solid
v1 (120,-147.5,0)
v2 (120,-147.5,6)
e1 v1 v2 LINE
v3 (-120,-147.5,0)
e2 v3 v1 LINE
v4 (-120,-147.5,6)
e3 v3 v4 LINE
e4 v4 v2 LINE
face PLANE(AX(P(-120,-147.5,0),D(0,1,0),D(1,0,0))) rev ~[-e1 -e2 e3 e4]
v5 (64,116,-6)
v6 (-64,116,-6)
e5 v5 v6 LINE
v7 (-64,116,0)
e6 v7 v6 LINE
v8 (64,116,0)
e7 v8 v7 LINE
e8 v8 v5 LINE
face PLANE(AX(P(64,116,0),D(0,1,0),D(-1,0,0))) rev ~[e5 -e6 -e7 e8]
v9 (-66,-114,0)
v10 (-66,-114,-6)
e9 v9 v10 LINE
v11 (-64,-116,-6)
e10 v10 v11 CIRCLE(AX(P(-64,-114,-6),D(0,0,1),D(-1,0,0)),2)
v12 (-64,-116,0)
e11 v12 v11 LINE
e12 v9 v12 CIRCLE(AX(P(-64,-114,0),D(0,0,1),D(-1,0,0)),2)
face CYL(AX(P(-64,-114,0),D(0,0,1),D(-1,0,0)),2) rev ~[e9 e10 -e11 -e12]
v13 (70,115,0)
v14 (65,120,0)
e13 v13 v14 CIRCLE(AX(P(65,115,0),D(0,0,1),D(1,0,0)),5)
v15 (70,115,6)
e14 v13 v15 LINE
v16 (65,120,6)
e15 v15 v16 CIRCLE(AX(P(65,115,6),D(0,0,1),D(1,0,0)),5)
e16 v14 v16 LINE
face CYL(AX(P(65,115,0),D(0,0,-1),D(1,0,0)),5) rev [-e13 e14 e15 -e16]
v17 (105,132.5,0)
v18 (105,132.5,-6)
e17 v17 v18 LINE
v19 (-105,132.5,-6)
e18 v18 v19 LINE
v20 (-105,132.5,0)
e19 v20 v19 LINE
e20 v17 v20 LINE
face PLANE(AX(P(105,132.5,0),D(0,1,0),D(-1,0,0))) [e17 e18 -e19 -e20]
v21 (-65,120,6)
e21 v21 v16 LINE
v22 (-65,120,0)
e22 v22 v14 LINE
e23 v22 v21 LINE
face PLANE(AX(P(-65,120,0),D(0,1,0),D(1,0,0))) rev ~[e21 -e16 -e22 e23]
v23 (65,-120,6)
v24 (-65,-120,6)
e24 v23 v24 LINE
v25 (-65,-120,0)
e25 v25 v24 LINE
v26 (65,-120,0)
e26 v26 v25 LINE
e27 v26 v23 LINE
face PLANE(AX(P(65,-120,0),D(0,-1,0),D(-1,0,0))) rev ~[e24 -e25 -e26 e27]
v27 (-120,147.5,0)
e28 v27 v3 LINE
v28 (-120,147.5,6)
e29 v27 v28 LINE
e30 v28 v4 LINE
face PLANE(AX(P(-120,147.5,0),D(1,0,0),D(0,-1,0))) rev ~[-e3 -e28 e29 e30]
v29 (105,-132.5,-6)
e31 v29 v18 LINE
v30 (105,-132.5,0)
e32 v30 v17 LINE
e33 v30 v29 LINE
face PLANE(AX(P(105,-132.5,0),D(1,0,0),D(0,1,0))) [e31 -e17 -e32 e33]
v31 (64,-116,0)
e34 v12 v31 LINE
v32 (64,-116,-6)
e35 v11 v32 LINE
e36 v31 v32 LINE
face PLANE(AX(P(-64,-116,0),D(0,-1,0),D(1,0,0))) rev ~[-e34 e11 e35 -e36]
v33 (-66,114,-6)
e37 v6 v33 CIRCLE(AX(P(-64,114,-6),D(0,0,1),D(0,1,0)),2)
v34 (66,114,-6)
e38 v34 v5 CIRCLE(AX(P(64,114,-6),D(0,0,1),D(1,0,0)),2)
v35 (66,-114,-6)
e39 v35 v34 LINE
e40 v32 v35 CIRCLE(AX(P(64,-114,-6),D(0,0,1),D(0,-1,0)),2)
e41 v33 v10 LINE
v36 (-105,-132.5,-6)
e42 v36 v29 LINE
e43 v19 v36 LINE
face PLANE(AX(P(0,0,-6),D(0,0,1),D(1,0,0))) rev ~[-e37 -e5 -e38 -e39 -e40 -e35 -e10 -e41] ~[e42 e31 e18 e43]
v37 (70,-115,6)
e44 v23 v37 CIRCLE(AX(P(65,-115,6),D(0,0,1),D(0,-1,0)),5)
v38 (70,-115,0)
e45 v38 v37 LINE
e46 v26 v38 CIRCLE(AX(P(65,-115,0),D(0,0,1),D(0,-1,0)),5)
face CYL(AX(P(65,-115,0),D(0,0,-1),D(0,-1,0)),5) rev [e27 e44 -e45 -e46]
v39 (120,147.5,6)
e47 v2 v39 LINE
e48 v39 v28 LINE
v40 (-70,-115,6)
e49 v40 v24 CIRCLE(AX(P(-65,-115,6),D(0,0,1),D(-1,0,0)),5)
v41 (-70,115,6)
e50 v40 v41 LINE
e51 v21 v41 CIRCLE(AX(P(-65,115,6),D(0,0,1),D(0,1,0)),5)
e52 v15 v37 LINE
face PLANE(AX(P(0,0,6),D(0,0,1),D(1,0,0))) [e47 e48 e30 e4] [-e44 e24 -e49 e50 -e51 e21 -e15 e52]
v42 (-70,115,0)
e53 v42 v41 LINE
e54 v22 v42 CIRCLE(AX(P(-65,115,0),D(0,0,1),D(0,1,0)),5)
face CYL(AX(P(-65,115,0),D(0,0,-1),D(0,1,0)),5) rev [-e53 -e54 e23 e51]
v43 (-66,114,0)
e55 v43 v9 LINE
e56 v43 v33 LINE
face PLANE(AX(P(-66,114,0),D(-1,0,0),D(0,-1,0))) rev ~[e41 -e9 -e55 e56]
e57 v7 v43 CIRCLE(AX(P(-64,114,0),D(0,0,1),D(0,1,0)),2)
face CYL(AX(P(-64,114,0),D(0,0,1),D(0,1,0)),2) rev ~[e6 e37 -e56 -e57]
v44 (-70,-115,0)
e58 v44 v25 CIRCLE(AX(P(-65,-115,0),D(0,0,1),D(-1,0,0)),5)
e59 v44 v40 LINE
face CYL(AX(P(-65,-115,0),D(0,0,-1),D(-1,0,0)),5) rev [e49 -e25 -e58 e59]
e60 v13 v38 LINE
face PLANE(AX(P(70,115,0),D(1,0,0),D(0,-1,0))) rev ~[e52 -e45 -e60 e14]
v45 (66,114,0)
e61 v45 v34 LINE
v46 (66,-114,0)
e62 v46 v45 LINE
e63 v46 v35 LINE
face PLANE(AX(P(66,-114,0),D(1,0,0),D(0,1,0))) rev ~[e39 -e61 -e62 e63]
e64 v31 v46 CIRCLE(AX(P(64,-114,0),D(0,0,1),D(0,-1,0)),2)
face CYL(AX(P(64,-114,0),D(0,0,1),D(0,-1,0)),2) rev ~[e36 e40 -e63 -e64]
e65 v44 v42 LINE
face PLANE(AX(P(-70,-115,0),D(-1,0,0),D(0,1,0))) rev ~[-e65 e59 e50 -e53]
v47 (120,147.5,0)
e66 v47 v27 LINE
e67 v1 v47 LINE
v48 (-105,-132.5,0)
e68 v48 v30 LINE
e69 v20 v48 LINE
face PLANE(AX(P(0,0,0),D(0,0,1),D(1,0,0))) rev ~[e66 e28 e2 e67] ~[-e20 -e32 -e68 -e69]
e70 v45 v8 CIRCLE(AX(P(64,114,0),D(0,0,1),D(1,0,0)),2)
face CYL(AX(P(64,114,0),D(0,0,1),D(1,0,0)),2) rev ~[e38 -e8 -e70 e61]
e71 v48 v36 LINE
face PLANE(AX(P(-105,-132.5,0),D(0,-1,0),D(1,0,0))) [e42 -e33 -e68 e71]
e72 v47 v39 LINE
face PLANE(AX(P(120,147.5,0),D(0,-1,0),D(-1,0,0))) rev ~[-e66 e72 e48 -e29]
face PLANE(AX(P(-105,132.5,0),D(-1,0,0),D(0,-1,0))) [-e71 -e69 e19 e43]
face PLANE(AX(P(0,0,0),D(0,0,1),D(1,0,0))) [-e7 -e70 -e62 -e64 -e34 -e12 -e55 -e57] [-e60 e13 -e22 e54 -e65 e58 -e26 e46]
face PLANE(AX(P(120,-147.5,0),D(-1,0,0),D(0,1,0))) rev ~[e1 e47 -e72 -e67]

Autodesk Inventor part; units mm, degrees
ref_plane "YZ Plane" through (0, 0, 0) normal (1, 0, 0) x (0, 1, 0)
ref_plane "XZ Plane" through (0, 0, 0) normal (0, 1, 0) x (-1, 0, 0)
ref_plane "XY Plane" through (0, 0, 0) normal (0, 0, 1) x (1, 0, 0)
sketch "Skizze1" plane through (0, 0, 0) normal (0, 0, 1) x (1, 0, 0)
  line L0 (-65, 120) -> (65, 120)
  line L1 (70, 115) -> (70, -115)
  line L2 (65, -120) -> (-65, -120)
  line L3 (-70, -115) -> (-70, 115)
  line L4 (-70, 120) -> (70, -120) construction
  line L5 (70, 120) -> (-70, -120) construction
  arc A0 (-65, 120) -> (-70, 115) centre (-65, 115) ccw
  arc A1 (-70, -115) -> (-65, -120) centre (-65, -115) ccw
  arc A2 (65, -120) -> (70, -115) centre (65, -115) ccw
  arc A3 (70, 115) -> (65, 120) centre (65, 115) ccw
  line L6 (-64, -116) -> (64, -116)
  line L7 (66, -114) -> (66, 114)
  line L8 (64, 116) -> (-64, 116)
  line L9 (-66, 114) -> (-66, -114)
  line L10 (-66, -116) -> (66, 116) construction
  line L11 (66, -116) -> (-66, 116) construction
  arc A4 (66, 114) -> (64, 116) centre (64, 114) ccw
  arc A5 (64, -116) -> (66, -114) centre (64, -114) ccw
  arc A6 (-66, -114) -> (-64, -116) centre (-64, -114) ccw
  arc A7 (-64, 116) -> (-66, 114) centre (-64, 114) ccw
  line L12 (-62, 114) -> (62, 114)
  line L13 (64, 112) -> (64, -112)
  line L14 (62, -114) -> (-62, -114)
  line L15 (-64, -112) -> (-64, 112)
  line L16 (-64, 114) -> (64, -114) construction
  line L17 (64, 114) -> (-64, -114) construction
  arc A8 (64, 112) -> (62, 114) centre (62, 112) ccw
  arc A9 (62, -114) -> (64, -112) centre (62, -112) ccw
  arc A10 (-64, -112) -> (-62, -114) centre (-62, -112) ccw
  arc A11 (-62, 114) -> (-64, 112) centre (-62, 112) ccw
  line L18 (-120, -147.5) -> (120, -147.5)
  line L19 (120, -147.5) -> (120, 147.5)
  line L20 (120, 147.5) -> (-120, 147.5)
  line L21 (-120, 147.5) -> (-120, -147.5)
  line L22 (-120, -147.5) -> (120, 147.5) construction
  line L23 (120, -147.5) -> (-120, 147.5) construction
  line L24 (-105, -132.5) -> (105, -132.5)
  line L25 (105, -132.5) -> (105, 132.5)
  line L26 (105, 132.5) -> (-105, 132.5)
  line L27 (-105, 132.5) -> (-105, -132.5)
  line L28 (-105, -132.5) -> (105, 132.5) construction
  line L29 (105, -132.5) -> (-105, 132.5) construction
  point P0 (0, 0)
  point P1 (0, 0)
  point P2 (0, 0)
  dimension "d0" = 140
  dimension "d1" = 240
  dimension "d2" = 5
  dimension "d3" = 232
  dimension "d4" = 132
  dimension "d5" = 2
  dimension "d6" = 128
  dimension "d7" = 228
  dimension "d8" = 2
  dimension "d11" = 240
  dimension "d12" = 295
  dimension "d13" = 210
  dimension "d14" = 265
extrude "Extrusion1" add sketch "Skizze1" along normal blind 6 contours L21 L20 L19 L18 | L27 L26 L25 L24
extrude "Extrusion2" add sketch "Skizze1" against normal blind 6 contours L0 A3 L1 A2 L2 A1 L3 A0 | L27 L26 L25 L24
equation "\"d15\" = mdf_thickness"
equation "\"d17\" = mdf_thickness"
equation "\"kg_thickness\" = 4.9"
equation "\"ht_thickness\" = 1.9"
equation "\"case_thickness\" = 18"
equation "\"inner_thickness\" = 15"
equation "\"gap_fit\" = 0.1"
equation "\"gap_slide\" = 0.2"
equation "\"gap_air\" = 1"
equation "\"bore_diameter\" = 73"
equation "\"mdf_thickness\" = 6"
equation "\"tape_width\" = 15"
equation "\"tape_thickness\" = 3"
equation "\"inner_depth\" = 255"
properties part number "Flachfaltenfilter_Halter"
